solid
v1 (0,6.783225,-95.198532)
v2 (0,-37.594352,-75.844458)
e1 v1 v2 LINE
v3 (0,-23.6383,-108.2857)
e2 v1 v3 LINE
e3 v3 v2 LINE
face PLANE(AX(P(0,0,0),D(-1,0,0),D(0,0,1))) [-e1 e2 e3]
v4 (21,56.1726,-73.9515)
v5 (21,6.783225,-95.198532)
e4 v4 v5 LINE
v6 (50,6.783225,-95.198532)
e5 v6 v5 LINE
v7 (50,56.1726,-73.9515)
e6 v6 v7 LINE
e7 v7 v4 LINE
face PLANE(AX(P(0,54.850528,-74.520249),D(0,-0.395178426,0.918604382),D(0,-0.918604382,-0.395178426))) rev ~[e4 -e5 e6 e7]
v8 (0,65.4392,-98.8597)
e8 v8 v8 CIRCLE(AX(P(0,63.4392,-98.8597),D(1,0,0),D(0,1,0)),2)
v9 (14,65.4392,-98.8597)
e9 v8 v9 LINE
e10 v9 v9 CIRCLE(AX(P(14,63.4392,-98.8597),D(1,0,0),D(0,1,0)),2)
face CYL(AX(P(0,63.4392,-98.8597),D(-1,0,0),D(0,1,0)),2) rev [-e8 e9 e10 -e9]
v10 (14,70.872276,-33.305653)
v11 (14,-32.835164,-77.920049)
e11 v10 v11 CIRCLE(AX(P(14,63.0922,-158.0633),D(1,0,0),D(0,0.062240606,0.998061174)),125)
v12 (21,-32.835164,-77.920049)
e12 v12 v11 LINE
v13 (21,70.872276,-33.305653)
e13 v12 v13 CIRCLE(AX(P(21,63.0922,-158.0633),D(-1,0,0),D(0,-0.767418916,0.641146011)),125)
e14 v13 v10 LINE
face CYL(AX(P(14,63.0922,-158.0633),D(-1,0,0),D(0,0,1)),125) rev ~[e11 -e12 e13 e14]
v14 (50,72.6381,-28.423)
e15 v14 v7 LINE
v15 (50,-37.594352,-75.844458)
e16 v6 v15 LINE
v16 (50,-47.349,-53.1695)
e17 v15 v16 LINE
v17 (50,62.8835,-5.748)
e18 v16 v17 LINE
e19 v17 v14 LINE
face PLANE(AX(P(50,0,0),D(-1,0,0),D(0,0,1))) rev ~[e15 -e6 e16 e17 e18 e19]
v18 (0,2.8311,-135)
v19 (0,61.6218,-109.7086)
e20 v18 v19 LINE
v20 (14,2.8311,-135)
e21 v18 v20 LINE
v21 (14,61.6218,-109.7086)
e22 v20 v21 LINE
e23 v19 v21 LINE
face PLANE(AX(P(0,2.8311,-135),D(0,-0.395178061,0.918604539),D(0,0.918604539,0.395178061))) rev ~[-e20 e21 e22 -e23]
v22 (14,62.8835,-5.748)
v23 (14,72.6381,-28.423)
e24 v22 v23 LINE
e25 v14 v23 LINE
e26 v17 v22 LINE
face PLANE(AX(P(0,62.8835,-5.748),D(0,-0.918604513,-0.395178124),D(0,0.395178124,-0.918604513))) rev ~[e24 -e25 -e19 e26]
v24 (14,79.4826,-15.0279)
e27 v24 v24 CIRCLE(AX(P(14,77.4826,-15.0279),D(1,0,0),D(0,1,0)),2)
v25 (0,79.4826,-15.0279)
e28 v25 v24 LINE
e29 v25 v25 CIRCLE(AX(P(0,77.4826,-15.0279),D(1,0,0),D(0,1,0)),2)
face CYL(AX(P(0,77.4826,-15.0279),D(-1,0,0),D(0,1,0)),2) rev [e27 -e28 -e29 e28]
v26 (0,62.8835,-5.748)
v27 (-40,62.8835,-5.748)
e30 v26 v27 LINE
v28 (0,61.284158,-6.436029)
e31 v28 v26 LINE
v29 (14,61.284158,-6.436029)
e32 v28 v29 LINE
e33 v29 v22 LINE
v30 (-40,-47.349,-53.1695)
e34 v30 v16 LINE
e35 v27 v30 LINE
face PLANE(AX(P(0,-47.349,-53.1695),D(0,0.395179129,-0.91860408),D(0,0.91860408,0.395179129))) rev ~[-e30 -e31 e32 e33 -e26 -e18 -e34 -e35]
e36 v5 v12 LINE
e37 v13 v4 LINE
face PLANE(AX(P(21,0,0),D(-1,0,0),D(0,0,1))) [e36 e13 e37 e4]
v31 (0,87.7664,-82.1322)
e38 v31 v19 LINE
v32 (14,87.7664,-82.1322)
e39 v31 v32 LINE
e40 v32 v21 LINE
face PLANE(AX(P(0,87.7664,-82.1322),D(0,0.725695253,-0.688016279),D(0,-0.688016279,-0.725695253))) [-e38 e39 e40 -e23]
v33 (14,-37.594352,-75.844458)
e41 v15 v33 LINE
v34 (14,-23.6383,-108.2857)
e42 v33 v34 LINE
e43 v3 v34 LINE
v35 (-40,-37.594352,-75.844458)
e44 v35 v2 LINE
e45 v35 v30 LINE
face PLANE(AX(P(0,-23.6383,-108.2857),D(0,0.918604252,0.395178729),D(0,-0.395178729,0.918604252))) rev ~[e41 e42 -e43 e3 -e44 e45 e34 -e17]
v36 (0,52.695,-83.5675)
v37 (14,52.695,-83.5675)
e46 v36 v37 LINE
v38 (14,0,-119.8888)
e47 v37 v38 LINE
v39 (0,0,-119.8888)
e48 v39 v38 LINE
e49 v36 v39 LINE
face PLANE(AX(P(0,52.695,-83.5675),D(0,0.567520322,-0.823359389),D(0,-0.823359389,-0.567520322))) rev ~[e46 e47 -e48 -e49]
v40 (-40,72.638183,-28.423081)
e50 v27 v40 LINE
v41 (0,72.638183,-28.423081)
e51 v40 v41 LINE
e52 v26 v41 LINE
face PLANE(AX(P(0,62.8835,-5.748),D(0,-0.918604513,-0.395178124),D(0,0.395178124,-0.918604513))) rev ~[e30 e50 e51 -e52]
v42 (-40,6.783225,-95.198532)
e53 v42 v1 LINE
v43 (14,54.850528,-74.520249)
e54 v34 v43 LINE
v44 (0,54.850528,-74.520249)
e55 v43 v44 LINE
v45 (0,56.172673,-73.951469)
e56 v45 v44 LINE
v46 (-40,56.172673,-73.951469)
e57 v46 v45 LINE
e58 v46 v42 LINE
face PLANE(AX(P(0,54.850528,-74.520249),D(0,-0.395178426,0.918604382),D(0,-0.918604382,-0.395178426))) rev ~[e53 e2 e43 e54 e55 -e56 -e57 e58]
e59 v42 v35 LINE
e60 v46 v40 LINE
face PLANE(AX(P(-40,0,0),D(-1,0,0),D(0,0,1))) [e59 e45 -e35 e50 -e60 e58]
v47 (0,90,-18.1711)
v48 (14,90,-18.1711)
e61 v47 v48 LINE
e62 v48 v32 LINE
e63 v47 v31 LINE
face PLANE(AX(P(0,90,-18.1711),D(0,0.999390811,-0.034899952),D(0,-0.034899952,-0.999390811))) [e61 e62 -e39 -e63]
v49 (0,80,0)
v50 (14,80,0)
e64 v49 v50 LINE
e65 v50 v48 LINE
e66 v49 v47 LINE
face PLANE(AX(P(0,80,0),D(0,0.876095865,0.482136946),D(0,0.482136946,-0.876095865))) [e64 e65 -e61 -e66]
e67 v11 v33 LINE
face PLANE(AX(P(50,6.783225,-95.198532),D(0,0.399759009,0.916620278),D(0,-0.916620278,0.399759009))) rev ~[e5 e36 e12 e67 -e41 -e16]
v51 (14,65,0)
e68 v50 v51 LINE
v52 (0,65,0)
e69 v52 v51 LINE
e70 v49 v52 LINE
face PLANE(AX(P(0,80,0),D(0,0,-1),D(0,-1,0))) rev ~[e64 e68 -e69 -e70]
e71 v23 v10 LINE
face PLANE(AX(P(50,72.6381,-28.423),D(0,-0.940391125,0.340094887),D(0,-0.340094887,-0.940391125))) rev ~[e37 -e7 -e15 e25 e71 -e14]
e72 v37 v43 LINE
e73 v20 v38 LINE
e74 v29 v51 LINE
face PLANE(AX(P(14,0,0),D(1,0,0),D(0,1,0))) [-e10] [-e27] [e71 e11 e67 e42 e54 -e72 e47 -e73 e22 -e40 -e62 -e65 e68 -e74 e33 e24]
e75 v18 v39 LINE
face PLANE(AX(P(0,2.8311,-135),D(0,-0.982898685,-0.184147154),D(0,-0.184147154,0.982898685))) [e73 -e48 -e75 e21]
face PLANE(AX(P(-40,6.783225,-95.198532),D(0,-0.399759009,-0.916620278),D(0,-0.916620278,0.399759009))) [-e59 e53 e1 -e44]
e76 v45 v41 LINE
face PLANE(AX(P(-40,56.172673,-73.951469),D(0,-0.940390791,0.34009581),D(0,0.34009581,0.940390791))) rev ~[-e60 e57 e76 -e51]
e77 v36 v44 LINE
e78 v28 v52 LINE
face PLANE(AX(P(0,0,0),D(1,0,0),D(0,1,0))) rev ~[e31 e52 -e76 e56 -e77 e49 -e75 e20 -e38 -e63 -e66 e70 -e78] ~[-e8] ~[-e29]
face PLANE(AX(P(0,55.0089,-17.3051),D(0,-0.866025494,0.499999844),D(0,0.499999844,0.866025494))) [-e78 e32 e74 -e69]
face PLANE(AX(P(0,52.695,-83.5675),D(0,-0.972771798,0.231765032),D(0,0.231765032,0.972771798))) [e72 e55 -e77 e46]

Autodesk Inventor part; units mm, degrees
ref_plane "YZ Plane" through (0, 0, 0) normal (1, 0, 0) x (0, 1, 0)
ref_plane "XZ Plane" through (0, 0, 0) normal (0, 1, 0) x (-1, 0, 0)
ref_plane "XY Plane" through (0, 0, 0) normal (0, 0, 1) x (1, 0, 0)
sketch "Sketch1" plane through (0, 0, 0) normal (1, 0, 0) x (0, 1, 0)
  line L0 (90, 0) -> (0, 0) construction
  line L1 (0, 0) -> (0, -135) construction
  line L2 (0, -135) -> (90, -135) construction
  line L3 (90, -135) -> (90, 0) construction
  line L4 (80, 0) -> (65, 0)
  line L5 (80, 0) -> (90, -18.1711)
  line L6 (90, -18.1711) -> (87.7664, -82.1322)
  line L7 (87.7664, -82.1322) -> (61.6218, -109.7086)
  line L8 (2.8311, -135) -> (0, -119.8888)
  line L9 (52.695, -83.5675) -> (60.7393, -49.8037)
  line L10 (60.7393, -49.8037) -> (55.0089, -17.3051)
  line L11 (55.0089, -17.3051) -> (65, 0)
  line L12 (55.0089, -17.3051) -> (52.695, -83.5675) construction
  line L13 (52.695, -83.5675) -> (0, -119.8888)
  line L14 (2.8311, -135) -> (61.6218, -109.7086)
  line L15 (87.7664, -82.1322) -> (0, -119.8888) construction
  line L16 (80, 0) -> (61.6218, -109.7086) construction
  line L17 (0, 27) -> (0, -162) projected
  line L18 (-18, 0) -> (108, 0) projected
  circle A0 centre (77.4826, -15.0279) radius 2
  circle A1 centre (63.4392, -98.8597) radius 2
  line L19 (61.6218, -109.7086) -> (23.93, -103.3945) construction
  dimension "d10" = 135
  dimension "d11" = 90
  dimension "d29" = 10
  dimension "d30" = 15
  dimension "d31" = 2
  dimension "d34" = 120
  dimension "d37" = 64
  dimension "d39" = 35
  dimension "d40" = 140
  dimension "d42" = 38
  dimension "d43" = 15
  dimension "d44" = 64
  dimension "d45" = 64
  dimension "d46" = 33
  dimension "d47" = 34.7088
  dimension "d59" = 85
  dimension "d60" = 11
  dimension "d61" = 4
extrude "Extrusion1" add sketch "Sketch1" along normal blind 14 contours L5 L6 L7 L14 L8 L13 L9 L10 L11 L4
sketch "Sketch2" plane through (0, 0, 0) normal (-1, 0, 0) x (0, 0, 1)
  line L0 (-18.1711, 90) -> (0, 80) projected
  line L1 (-82.1322, 87.7664) -> (-18.1711, 90) projected
  line L2 (-109.7086, 61.6218) -> (-82.1322, 87.7664) projected
  line L3 (-135, 2.8311) -> (-109.7086, 61.6218) projected
  line L4 (-119.8888, 0) -> (-135, 2.8311) projected
  line L5 (-83.5675, 52.695) -> (-119.8888, 0) projected
  line L6 (-49.8037, 60.7393) -> (-83.5675, 52.695) projected
  line L7 (-17.3051, 55.0089) -> (-49.8037, 60.7393) projected
  line L8 (0, 65) -> (-17.3051, 55.0089) projected
  line L9 (0, 80) -> (0, 65) projected
  circle A0 centre (-98.8597, 63.4392) radius 2 projected
  circle A1 centre (-15.0279, 77.4826) radius 2 projected
  line L10 (-135, 2.8311) -> (-109.7086, 61.6218) projected
  line L11 (-18.1711, 90) -> (0, 80) projected
  line L12 (-5.748, 62.8835) -> (-60.8643, 86.5942)
  line L13 (-60.8643, 86.5942) -> (-108.2857, -23.6383)
  line L14 (-108.2857, -23.6383) -> (-53.1695, -47.349)
  line L15 (-53.1695, -47.349) -> (-5.748, 62.8835)
  line L16 (-18.1711, 90) -> (-27.3572, 93.9518)
  point P0 (-74.5203, 54.8505)
  point P1 (-6.436, 61.2841)
  dimension "d70" = 35
  dimension "d72" = 120
  dimension "d76" = 60
  dimension "d78" = 10
  dimension "d79" = 20
extrude "Extrusion2" add sketch "Sketch2" along normal blind 40 and the other way blind 50 contours L15 L14 L13 L6 L7 L8 | L8 L7 L6 L13 L12 L15
sketch "Sketch3" plane through (-40, 0, 0) normal (-1, 0, 0) x (0, 0, 1)
  circle A0 centre (-15.0279, 77.4826) radius 2 projected
  line L0 (-83.5675, 52.695) -> (-15.0279, 77.4826)
  line L1 (-5.748, 62.8835) -> (-60.8643, 86.5942) projected
  line L2 (-60.8643, 86.5942) -> (-108.2857, -23.6383) projected
  line L3 (-5.748, 62.8835) -> (-53.1695, -47.349) projected
  line L4 (-29.4587, 7.7672) -> (-84.575, 31.4779) construction
  line L5 (-99.2863, 16.1562) -> (-70.1502, -50.6509)
  line L6 (-108.2857, -23.6383) -> (-53.1695, -47.349) projected
  point P0 (0, 0)
  point P1 (-73.9515, 56.1726)
  point P2 (-28.423, 72.6381)
  point P3 (-75.8445, -37.5944)
  point P4 (-95.1985, 6.7833)
extrude "Extrusion3" cut sketch "Sketch3" against normal up to surface (40 mm away) contours L0 L2 L1 | L5 L6 L2
sketch "Sketch4" plane through (50, 0, 0) normal (1, 0, 0) x (0, 0, -1)
  line L0 (5.748, 62.8835) -> (60.8643, 86.5942) projected
  line L1 (60.8643, 86.5942) -> (108.2857, -23.6383) projected
  line L2 (28.423, 72.6381) -> (73.9515, 56.1726) projected
  line L3 (99.2863, 16.1562) -> (70.1502, -50.6509) projected
  line L4 (108.2857, -23.6383) -> (53.1695, -47.349) projected
  point P0 (0, 0)
  point P1 (75.8445, -37.5944)
  point P2 (95.1985, 6.7833)
extrude "Extrusion4" cut sketch "Sketch4" against normal up to surface (36 mm away)
sketch "Sketch5" plane through (14, 0, 0) normal (-1, 0, 0) x (0, 0, 1)
  circle A0 centre (-158.0633, 63.0922) radius 125
  line L0 (-29.4587, 7.7672) -> (-84.575, 31.4779) construction
  line L1 (-84.575, 31.4779) -> (-158.0633, 63.0922)
  point P0 (0, 0)
  dimension "d88" = 80
  dimension "d89" = 250
extrude "Extrusion5" cut sketch "Sketch5" against normal blind 7
equation "\"d61\" = Mount_Hole_Diameter"
equation "\"Mount_Hole_Diameter\" = 4"
properties part number "F3 Front Caliper Bracket"
